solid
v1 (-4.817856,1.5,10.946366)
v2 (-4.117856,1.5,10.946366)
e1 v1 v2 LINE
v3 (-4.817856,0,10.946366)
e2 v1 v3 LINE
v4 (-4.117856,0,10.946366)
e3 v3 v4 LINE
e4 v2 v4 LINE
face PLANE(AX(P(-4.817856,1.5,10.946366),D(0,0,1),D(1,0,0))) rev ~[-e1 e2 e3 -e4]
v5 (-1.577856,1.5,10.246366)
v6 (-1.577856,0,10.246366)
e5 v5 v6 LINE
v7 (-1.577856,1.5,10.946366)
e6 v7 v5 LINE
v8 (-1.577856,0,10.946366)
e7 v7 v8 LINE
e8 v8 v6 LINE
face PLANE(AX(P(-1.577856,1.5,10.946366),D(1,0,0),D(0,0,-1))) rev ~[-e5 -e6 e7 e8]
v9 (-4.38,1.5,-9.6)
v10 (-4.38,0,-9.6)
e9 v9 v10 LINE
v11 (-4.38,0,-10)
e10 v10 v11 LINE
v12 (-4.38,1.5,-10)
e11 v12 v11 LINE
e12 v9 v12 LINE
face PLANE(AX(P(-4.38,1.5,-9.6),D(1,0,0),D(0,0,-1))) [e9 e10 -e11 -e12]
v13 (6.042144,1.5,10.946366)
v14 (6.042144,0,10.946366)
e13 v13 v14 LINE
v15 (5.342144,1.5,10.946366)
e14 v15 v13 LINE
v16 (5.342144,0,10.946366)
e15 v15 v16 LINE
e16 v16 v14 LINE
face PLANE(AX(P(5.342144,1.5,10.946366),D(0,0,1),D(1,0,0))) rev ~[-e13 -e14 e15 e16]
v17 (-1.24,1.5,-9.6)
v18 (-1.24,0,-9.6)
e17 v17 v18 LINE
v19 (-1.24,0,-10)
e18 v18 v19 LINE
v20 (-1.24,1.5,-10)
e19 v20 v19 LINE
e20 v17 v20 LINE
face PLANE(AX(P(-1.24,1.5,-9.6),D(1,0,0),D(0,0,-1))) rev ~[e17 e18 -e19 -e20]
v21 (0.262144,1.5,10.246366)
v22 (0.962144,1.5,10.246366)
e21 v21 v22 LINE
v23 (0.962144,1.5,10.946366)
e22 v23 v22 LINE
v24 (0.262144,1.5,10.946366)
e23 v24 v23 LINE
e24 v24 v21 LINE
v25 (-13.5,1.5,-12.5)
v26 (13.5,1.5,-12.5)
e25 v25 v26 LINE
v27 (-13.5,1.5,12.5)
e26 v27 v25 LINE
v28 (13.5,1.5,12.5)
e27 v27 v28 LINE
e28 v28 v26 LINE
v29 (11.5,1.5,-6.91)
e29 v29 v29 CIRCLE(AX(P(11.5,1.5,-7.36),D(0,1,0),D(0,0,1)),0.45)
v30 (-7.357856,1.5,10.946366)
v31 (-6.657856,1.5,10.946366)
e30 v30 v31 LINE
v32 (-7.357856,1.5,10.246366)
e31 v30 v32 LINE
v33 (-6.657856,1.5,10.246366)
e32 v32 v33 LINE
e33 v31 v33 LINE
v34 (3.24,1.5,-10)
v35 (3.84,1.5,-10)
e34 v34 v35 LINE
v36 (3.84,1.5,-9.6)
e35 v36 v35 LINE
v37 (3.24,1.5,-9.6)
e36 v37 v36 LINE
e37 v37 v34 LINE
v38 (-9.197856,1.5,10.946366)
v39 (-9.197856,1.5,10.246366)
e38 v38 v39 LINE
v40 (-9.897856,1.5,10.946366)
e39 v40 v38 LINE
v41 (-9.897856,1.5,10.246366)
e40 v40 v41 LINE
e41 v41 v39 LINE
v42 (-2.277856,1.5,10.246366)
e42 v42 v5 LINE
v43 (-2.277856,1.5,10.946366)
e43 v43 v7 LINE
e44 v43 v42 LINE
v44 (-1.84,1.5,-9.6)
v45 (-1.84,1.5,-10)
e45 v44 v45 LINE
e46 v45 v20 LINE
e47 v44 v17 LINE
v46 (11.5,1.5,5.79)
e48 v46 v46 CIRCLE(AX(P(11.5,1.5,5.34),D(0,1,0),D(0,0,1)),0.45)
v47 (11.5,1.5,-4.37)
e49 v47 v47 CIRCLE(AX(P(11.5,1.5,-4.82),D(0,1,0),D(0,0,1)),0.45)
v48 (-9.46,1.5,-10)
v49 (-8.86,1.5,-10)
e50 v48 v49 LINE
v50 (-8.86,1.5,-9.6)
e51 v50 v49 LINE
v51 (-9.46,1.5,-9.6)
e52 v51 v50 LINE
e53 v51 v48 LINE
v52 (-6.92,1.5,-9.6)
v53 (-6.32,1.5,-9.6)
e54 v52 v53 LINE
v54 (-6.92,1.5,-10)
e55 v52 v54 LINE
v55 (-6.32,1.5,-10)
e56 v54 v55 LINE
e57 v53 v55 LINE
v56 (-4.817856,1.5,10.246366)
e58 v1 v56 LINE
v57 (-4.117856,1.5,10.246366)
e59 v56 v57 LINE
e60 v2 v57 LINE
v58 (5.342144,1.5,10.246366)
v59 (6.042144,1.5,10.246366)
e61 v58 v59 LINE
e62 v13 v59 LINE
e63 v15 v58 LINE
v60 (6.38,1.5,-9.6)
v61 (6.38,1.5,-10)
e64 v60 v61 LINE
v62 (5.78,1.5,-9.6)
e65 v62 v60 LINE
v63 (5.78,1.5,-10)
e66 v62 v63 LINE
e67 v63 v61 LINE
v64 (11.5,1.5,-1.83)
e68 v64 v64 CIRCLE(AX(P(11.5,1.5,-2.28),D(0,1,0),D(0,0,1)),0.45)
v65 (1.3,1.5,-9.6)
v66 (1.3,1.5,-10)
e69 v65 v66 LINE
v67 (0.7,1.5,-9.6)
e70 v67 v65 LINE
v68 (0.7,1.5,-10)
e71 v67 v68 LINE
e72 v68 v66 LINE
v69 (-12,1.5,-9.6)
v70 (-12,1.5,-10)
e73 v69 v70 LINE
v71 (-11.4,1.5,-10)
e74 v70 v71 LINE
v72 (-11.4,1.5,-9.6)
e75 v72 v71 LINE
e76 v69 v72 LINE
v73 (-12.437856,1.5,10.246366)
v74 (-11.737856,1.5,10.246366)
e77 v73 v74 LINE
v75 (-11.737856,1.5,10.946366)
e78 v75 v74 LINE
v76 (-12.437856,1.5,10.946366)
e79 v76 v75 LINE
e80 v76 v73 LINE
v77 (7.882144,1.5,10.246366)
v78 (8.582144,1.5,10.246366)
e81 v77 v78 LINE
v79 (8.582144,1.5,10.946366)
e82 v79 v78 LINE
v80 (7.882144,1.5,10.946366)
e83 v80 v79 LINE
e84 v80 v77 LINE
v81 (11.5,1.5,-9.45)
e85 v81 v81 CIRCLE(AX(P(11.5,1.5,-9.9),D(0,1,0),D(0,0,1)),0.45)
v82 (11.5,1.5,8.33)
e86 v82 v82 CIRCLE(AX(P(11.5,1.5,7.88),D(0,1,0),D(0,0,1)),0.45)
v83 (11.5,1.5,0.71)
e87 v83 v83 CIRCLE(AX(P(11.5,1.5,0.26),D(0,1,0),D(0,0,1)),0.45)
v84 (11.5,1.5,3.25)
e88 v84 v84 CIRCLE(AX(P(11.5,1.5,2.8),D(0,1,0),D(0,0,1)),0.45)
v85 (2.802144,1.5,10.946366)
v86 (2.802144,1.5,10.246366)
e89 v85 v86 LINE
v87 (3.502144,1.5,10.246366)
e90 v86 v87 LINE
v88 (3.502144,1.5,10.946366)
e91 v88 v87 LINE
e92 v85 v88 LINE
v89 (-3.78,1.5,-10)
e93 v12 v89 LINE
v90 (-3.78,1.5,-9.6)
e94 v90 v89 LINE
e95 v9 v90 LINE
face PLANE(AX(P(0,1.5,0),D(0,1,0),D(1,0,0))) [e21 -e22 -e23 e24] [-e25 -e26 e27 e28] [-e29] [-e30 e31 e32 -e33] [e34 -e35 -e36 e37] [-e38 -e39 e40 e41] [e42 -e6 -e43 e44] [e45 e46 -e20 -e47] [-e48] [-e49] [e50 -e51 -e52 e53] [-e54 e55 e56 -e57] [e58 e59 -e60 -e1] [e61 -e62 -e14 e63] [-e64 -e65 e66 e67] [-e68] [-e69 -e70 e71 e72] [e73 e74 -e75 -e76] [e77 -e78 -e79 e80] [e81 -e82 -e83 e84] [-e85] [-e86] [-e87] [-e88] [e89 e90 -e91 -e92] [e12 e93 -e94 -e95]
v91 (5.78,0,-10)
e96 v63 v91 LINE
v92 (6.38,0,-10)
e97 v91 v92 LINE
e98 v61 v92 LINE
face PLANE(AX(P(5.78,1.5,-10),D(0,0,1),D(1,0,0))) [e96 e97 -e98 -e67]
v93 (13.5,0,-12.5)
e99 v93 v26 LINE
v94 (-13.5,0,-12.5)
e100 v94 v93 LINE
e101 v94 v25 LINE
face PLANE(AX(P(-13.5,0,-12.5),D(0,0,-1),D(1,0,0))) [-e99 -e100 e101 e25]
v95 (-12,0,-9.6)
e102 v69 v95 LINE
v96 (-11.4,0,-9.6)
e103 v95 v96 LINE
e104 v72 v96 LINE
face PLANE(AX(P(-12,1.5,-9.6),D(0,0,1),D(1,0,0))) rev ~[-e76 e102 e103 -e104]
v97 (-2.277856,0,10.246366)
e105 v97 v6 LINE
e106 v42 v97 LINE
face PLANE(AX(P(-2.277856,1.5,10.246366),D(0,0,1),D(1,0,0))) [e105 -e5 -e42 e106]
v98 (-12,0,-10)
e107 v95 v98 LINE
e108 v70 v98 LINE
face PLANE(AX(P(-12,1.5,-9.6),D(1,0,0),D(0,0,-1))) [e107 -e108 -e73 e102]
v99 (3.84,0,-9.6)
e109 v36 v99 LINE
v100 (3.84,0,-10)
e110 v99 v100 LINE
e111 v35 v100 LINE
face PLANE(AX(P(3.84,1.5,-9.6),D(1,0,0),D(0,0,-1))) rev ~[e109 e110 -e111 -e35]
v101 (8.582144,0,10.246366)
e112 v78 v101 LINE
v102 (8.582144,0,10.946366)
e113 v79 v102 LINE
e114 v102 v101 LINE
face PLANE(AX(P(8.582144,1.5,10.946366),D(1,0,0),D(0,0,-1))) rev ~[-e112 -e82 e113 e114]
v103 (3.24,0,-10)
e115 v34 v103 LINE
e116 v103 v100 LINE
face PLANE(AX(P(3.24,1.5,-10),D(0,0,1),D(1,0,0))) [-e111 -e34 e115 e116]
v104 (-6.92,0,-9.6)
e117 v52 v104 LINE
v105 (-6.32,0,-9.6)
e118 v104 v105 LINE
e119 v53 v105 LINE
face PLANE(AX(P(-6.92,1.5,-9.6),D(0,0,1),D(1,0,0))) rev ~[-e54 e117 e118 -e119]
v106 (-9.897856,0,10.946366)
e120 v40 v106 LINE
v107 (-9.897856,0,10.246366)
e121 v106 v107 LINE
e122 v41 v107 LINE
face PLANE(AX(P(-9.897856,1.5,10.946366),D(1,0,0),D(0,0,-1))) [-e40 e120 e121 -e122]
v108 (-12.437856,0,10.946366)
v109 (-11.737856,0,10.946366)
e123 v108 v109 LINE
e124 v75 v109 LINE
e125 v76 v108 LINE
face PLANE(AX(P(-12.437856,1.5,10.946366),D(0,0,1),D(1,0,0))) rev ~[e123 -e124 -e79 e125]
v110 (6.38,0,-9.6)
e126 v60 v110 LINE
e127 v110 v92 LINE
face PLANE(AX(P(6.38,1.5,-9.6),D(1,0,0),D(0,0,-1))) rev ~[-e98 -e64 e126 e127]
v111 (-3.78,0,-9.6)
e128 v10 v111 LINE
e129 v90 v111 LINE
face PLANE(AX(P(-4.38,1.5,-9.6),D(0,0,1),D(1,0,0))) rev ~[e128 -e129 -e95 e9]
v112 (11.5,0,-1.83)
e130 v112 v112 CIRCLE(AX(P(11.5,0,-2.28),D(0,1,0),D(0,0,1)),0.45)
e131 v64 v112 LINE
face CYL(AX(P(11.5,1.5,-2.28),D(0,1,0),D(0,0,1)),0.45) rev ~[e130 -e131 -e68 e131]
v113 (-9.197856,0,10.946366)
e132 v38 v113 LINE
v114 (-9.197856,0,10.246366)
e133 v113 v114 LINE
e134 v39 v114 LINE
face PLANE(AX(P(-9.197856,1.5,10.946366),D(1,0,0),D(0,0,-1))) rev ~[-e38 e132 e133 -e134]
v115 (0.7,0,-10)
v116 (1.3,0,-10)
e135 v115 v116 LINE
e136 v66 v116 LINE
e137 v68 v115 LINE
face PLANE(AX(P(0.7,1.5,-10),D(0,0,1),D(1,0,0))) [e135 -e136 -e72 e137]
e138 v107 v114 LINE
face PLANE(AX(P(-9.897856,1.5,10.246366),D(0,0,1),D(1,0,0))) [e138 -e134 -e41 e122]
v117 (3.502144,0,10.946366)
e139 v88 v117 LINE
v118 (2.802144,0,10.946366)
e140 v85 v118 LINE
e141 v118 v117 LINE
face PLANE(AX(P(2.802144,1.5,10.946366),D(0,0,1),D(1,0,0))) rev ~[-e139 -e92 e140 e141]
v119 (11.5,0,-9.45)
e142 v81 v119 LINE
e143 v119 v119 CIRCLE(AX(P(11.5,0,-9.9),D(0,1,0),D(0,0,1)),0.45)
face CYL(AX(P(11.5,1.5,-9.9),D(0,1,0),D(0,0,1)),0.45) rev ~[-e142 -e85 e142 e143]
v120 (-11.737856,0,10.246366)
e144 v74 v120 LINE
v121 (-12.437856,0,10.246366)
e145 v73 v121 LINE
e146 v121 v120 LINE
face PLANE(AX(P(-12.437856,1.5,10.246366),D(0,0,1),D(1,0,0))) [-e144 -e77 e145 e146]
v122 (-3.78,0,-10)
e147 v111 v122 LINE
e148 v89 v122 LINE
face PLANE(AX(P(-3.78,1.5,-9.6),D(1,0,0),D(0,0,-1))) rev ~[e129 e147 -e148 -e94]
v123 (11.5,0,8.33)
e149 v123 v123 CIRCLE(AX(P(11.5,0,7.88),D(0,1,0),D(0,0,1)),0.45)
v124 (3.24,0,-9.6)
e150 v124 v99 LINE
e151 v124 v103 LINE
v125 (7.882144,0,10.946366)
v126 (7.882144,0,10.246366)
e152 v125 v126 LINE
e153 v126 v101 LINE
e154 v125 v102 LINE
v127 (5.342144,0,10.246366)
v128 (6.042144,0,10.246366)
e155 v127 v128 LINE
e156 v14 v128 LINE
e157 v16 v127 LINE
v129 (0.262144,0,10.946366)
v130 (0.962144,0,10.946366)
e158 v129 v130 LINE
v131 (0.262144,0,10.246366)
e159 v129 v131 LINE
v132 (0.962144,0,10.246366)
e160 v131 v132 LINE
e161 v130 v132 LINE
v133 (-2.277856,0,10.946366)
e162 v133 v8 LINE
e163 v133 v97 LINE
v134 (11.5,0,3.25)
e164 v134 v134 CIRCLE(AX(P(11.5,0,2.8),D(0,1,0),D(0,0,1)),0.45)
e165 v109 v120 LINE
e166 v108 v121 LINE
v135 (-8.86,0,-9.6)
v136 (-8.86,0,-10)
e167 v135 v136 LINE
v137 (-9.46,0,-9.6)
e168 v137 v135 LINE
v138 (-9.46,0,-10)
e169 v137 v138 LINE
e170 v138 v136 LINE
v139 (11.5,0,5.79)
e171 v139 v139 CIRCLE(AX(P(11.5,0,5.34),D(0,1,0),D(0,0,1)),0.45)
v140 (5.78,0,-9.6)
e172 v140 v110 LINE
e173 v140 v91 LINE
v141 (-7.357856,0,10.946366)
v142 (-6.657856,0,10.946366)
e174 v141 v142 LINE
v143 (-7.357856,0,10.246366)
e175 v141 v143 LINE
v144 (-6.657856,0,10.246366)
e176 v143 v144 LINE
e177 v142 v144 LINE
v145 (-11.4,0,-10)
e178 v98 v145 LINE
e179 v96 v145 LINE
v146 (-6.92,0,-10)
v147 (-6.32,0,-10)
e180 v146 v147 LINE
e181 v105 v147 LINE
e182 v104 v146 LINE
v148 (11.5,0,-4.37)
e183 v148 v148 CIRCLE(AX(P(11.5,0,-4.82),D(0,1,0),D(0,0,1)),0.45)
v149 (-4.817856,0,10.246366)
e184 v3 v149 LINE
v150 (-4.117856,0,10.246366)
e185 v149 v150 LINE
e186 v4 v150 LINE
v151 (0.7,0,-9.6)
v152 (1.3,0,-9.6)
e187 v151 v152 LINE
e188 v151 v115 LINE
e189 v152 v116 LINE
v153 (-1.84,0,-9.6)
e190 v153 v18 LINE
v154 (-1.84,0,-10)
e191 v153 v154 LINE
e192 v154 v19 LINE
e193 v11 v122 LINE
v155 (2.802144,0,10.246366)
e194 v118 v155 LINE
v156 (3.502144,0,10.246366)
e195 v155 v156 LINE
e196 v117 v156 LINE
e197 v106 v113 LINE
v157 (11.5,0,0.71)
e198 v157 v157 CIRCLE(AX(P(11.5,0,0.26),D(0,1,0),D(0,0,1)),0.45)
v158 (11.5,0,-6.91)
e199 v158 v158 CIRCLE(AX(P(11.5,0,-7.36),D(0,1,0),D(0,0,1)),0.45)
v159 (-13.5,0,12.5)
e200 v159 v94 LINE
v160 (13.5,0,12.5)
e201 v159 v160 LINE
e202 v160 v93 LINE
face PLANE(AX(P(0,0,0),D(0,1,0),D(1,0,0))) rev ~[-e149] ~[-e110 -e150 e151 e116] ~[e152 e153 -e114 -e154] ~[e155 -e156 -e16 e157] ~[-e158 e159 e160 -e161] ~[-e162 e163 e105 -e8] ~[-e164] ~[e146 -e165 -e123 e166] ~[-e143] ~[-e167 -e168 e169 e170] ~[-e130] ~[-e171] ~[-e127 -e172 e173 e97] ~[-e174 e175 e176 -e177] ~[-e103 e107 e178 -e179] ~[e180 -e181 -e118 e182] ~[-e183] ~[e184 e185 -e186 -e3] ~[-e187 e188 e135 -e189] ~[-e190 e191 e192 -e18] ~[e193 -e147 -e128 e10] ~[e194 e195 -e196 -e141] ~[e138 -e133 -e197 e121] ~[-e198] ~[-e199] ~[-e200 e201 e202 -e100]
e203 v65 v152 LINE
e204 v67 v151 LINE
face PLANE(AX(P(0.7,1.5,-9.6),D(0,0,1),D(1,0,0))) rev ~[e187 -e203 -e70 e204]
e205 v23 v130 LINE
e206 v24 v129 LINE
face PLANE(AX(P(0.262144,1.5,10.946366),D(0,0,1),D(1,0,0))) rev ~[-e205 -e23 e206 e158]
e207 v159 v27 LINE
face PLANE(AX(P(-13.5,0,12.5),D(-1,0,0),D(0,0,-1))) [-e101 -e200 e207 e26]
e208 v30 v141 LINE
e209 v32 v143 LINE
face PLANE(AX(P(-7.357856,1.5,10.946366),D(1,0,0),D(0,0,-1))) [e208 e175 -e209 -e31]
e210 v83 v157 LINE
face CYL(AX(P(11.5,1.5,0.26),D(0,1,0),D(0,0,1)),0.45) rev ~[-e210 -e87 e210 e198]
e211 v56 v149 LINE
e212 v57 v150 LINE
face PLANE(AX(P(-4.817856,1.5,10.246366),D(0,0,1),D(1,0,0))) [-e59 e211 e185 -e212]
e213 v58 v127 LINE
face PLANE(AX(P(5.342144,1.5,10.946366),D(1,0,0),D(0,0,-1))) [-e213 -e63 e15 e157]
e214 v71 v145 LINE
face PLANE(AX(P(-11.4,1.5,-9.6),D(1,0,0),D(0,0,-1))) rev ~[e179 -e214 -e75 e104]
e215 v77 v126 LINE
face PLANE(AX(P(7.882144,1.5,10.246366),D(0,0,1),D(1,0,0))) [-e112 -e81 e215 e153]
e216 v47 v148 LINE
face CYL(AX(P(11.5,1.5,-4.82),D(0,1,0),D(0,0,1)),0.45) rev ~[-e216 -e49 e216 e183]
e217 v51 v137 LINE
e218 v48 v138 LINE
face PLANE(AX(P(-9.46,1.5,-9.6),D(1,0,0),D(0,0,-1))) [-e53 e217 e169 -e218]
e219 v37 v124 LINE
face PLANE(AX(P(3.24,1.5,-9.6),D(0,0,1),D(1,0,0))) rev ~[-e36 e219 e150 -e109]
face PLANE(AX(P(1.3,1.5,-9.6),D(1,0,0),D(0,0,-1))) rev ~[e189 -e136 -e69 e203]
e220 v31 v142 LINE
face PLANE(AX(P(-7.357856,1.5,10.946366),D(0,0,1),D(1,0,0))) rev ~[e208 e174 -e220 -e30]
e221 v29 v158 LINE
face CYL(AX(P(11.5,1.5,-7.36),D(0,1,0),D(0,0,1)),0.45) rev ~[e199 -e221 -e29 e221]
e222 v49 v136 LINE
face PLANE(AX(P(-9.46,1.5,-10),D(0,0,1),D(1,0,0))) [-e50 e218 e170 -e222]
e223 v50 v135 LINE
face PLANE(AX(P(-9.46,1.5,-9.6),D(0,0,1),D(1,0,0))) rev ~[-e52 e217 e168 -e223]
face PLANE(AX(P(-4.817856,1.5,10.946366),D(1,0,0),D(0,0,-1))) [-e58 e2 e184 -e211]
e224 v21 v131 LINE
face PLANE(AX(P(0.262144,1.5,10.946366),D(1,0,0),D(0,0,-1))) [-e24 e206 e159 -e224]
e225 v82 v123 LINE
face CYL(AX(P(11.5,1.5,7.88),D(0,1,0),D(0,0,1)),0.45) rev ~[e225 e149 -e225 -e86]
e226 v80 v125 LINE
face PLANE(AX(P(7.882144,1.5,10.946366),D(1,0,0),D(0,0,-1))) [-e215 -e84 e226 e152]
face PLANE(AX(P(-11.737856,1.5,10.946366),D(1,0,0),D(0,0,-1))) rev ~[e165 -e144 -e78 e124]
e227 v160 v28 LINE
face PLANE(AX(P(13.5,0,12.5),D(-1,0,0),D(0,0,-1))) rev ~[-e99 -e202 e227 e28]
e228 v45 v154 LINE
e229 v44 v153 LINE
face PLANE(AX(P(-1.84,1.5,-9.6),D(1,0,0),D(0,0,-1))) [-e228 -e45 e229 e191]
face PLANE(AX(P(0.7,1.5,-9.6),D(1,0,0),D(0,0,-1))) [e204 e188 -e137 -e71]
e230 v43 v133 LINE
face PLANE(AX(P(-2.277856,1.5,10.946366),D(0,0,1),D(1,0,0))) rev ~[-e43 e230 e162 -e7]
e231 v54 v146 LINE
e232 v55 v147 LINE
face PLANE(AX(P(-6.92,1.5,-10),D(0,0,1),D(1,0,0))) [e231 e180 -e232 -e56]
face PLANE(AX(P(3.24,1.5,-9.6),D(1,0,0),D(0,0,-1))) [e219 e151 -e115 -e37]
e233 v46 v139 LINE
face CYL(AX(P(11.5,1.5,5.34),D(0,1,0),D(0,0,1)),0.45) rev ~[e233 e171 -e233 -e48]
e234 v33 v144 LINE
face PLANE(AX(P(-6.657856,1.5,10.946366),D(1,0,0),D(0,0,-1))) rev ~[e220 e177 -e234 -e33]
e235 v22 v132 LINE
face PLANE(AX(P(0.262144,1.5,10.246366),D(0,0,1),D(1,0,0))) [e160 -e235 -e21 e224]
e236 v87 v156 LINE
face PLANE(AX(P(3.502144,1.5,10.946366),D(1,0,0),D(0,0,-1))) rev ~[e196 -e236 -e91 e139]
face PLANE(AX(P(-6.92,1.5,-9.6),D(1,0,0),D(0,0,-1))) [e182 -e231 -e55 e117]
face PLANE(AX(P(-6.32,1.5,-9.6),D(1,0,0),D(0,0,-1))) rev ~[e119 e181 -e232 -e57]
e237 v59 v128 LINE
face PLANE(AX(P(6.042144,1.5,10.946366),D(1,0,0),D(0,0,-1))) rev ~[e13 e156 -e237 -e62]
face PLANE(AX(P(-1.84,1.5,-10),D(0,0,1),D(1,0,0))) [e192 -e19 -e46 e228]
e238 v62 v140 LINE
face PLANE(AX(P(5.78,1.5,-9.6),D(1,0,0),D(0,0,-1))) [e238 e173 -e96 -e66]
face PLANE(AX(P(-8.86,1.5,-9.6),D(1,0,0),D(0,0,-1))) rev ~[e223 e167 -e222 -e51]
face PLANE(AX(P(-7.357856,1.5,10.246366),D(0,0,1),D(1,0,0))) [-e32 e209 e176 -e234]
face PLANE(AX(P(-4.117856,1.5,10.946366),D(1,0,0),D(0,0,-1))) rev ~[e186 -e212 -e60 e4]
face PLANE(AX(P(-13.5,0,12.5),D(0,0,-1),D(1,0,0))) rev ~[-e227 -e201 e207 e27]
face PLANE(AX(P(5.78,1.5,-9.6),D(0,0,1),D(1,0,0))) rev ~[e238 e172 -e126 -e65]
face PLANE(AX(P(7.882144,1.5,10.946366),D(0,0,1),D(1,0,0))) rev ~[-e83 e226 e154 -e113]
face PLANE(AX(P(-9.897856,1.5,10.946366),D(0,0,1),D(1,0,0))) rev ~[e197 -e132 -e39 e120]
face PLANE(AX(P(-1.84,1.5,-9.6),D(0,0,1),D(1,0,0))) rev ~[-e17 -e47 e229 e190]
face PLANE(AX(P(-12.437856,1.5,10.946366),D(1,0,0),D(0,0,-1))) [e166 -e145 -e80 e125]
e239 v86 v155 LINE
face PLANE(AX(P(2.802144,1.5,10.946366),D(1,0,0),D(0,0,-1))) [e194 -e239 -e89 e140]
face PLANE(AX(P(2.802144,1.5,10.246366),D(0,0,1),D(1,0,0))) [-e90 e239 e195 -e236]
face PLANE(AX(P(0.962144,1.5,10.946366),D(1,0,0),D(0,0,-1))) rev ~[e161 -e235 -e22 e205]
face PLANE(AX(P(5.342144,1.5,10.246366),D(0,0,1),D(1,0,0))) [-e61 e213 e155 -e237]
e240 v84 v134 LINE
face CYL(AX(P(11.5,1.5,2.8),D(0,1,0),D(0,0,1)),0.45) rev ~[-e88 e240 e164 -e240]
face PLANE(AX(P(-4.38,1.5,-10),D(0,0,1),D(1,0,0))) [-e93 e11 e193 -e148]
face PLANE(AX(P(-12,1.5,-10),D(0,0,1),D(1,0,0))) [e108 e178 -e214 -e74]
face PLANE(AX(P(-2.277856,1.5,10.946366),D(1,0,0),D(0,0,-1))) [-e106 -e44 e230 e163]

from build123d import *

# Parameters (mm, degrees)
SKETCH_1_W          = 27
SKETCH_1_H          = 25
EXTRUDE_1_DEPTH     = 1.5
SKETCH_2_R          = 0.45
SKETCH_2_W          = 0.6
SKETCH_2_H          = 0.4
SKETCH_2_W_2        = 0.7
SKETCH_2_H_2        = 0.7
CUT_EXTRUDE_1_DEPTH = 19.459414942


with BuildPart() as part:
    # Эскиз1 → Бобышка-Вытянуть1 (new body)
    with BuildSketch(Plane(origin=(0, 0, 0), x_dir=(1, 0, 0), z_dir=(0, 1, 0))):
        Rectangle(SKETCH_1_W, SKETCH_1_H)
    extrude(amount=EXTRUDE_1_DEPTH)

    # Эскиз2 → Вырез-Вытянуть1 (cut, through all)
    with BuildSketch(Plane(origin=(0, 1.5, 0), x_dir=(1, 0, 0), z_dir=(0, 1, 0))):
        with Locations(Location((11.5, 9.9, 0), (0, 0, 270))):
            Circle(SKETCH_2_R)
        with Locations(Location((11.5, 7.36, 0), (0, 0, 270))):
            Circle(SKETCH_2_R)
        with Locations(Location((11.5, 4.82, 0), (0, 0, 270))):
            Circle(SKETCH_2_R)
        with Locations(Location((11.5, 2.28, 0), (0, 0, 270))):
            Circle(SKETCH_2_R)
        with Locations(Location((11.5, -0.26, 0), (0, 0, 270))):
            Circle(SKETCH_2_R)
        with Locations(Location((11.5, -2.8, 0), (0, 0, 270))):
            Circle(SKETCH_2_R)
        with Locations(Location((11.5, -5.34, 0), (0, 0, 270))):
            Circle(SKETCH_2_R)
        with Locations(Location((11.5, -7.88, 0), (0, 0, 270))):
            Circle(SKETCH_2_R)
        with Locations((-9.16, 9.8)):
            Rectangle(SKETCH_2_W, SKETCH_2_H)
        with Locations((-11.7, 9.8)):
            Rectangle(SKETCH_2_W, SKETCH_2_H)
        with Locations((-6.62, 9.8)):
            Rectangle(SKETCH_2_W, SKETCH_2_H)
        with Locations((-4.08, 9.8)):
            Rectangle(SKETCH_2_W, SKETCH_2_H)
        with Locations((-1.54, 9.8)):
            Rectangle(SKETCH_2_W, SKETCH_2_H)
        with Locations((1, 9.8)):
            Rectangle(SKETCH_2_W, SKETCH_2_H)
        with Locations((3.54, 9.8)):
            Rectangle(SKETCH_2_W, SKETCH_2_H)
        with Locations((6.08, 9.8)):
            Rectangle(SKETCH_2_W, SKETCH_2_H)
        with Locations((-9.547856055, -10.59636646)):
            Rectangle(SKETCH_2_W_2, SKETCH_2_H_2)
        with Locations((-7.007856055, -10.59636646)):
            Rectangle(SKETCH_2_W_2, SKETCH_2_H_2)
        with Locations((-4.467856055, -10.59636646)):
            Rectangle(SKETCH_2_W_2, SKETCH_2_H_2)
        with Locations((-1.927856055, -10.59636646)):
            Rectangle(SKETCH_2_W_2, SKETCH_2_H_2)
        with Locations((0.612143945, -10.59636646)):
            Rectangle(SKETCH_2_W_2, SKETCH_2_H_2)
        with Locations((3.152143945, -10.59636646)):
            Rectangle(SKETCH_2_W_2, SKETCH_2_H_2)
        with Locations((5.692143945, -10.59636646)):
            Rectangle(SKETCH_2_W_2, SKETCH_2_H_2)
        with Locations((8.232143945, -10.59636646)):
            Rectangle(SKETCH_2_W_2, SKETCH_2_H_2)
        with Locations((-12.087856055, -10.59636646)):
            Rectangle(SKETCH_2_W_2, SKETCH_2_H_2)
    extrude(amount=-CUT_EXTRUDE_1_DEPTH, mode=Mode.SUBTRACT)


solid = part.part
